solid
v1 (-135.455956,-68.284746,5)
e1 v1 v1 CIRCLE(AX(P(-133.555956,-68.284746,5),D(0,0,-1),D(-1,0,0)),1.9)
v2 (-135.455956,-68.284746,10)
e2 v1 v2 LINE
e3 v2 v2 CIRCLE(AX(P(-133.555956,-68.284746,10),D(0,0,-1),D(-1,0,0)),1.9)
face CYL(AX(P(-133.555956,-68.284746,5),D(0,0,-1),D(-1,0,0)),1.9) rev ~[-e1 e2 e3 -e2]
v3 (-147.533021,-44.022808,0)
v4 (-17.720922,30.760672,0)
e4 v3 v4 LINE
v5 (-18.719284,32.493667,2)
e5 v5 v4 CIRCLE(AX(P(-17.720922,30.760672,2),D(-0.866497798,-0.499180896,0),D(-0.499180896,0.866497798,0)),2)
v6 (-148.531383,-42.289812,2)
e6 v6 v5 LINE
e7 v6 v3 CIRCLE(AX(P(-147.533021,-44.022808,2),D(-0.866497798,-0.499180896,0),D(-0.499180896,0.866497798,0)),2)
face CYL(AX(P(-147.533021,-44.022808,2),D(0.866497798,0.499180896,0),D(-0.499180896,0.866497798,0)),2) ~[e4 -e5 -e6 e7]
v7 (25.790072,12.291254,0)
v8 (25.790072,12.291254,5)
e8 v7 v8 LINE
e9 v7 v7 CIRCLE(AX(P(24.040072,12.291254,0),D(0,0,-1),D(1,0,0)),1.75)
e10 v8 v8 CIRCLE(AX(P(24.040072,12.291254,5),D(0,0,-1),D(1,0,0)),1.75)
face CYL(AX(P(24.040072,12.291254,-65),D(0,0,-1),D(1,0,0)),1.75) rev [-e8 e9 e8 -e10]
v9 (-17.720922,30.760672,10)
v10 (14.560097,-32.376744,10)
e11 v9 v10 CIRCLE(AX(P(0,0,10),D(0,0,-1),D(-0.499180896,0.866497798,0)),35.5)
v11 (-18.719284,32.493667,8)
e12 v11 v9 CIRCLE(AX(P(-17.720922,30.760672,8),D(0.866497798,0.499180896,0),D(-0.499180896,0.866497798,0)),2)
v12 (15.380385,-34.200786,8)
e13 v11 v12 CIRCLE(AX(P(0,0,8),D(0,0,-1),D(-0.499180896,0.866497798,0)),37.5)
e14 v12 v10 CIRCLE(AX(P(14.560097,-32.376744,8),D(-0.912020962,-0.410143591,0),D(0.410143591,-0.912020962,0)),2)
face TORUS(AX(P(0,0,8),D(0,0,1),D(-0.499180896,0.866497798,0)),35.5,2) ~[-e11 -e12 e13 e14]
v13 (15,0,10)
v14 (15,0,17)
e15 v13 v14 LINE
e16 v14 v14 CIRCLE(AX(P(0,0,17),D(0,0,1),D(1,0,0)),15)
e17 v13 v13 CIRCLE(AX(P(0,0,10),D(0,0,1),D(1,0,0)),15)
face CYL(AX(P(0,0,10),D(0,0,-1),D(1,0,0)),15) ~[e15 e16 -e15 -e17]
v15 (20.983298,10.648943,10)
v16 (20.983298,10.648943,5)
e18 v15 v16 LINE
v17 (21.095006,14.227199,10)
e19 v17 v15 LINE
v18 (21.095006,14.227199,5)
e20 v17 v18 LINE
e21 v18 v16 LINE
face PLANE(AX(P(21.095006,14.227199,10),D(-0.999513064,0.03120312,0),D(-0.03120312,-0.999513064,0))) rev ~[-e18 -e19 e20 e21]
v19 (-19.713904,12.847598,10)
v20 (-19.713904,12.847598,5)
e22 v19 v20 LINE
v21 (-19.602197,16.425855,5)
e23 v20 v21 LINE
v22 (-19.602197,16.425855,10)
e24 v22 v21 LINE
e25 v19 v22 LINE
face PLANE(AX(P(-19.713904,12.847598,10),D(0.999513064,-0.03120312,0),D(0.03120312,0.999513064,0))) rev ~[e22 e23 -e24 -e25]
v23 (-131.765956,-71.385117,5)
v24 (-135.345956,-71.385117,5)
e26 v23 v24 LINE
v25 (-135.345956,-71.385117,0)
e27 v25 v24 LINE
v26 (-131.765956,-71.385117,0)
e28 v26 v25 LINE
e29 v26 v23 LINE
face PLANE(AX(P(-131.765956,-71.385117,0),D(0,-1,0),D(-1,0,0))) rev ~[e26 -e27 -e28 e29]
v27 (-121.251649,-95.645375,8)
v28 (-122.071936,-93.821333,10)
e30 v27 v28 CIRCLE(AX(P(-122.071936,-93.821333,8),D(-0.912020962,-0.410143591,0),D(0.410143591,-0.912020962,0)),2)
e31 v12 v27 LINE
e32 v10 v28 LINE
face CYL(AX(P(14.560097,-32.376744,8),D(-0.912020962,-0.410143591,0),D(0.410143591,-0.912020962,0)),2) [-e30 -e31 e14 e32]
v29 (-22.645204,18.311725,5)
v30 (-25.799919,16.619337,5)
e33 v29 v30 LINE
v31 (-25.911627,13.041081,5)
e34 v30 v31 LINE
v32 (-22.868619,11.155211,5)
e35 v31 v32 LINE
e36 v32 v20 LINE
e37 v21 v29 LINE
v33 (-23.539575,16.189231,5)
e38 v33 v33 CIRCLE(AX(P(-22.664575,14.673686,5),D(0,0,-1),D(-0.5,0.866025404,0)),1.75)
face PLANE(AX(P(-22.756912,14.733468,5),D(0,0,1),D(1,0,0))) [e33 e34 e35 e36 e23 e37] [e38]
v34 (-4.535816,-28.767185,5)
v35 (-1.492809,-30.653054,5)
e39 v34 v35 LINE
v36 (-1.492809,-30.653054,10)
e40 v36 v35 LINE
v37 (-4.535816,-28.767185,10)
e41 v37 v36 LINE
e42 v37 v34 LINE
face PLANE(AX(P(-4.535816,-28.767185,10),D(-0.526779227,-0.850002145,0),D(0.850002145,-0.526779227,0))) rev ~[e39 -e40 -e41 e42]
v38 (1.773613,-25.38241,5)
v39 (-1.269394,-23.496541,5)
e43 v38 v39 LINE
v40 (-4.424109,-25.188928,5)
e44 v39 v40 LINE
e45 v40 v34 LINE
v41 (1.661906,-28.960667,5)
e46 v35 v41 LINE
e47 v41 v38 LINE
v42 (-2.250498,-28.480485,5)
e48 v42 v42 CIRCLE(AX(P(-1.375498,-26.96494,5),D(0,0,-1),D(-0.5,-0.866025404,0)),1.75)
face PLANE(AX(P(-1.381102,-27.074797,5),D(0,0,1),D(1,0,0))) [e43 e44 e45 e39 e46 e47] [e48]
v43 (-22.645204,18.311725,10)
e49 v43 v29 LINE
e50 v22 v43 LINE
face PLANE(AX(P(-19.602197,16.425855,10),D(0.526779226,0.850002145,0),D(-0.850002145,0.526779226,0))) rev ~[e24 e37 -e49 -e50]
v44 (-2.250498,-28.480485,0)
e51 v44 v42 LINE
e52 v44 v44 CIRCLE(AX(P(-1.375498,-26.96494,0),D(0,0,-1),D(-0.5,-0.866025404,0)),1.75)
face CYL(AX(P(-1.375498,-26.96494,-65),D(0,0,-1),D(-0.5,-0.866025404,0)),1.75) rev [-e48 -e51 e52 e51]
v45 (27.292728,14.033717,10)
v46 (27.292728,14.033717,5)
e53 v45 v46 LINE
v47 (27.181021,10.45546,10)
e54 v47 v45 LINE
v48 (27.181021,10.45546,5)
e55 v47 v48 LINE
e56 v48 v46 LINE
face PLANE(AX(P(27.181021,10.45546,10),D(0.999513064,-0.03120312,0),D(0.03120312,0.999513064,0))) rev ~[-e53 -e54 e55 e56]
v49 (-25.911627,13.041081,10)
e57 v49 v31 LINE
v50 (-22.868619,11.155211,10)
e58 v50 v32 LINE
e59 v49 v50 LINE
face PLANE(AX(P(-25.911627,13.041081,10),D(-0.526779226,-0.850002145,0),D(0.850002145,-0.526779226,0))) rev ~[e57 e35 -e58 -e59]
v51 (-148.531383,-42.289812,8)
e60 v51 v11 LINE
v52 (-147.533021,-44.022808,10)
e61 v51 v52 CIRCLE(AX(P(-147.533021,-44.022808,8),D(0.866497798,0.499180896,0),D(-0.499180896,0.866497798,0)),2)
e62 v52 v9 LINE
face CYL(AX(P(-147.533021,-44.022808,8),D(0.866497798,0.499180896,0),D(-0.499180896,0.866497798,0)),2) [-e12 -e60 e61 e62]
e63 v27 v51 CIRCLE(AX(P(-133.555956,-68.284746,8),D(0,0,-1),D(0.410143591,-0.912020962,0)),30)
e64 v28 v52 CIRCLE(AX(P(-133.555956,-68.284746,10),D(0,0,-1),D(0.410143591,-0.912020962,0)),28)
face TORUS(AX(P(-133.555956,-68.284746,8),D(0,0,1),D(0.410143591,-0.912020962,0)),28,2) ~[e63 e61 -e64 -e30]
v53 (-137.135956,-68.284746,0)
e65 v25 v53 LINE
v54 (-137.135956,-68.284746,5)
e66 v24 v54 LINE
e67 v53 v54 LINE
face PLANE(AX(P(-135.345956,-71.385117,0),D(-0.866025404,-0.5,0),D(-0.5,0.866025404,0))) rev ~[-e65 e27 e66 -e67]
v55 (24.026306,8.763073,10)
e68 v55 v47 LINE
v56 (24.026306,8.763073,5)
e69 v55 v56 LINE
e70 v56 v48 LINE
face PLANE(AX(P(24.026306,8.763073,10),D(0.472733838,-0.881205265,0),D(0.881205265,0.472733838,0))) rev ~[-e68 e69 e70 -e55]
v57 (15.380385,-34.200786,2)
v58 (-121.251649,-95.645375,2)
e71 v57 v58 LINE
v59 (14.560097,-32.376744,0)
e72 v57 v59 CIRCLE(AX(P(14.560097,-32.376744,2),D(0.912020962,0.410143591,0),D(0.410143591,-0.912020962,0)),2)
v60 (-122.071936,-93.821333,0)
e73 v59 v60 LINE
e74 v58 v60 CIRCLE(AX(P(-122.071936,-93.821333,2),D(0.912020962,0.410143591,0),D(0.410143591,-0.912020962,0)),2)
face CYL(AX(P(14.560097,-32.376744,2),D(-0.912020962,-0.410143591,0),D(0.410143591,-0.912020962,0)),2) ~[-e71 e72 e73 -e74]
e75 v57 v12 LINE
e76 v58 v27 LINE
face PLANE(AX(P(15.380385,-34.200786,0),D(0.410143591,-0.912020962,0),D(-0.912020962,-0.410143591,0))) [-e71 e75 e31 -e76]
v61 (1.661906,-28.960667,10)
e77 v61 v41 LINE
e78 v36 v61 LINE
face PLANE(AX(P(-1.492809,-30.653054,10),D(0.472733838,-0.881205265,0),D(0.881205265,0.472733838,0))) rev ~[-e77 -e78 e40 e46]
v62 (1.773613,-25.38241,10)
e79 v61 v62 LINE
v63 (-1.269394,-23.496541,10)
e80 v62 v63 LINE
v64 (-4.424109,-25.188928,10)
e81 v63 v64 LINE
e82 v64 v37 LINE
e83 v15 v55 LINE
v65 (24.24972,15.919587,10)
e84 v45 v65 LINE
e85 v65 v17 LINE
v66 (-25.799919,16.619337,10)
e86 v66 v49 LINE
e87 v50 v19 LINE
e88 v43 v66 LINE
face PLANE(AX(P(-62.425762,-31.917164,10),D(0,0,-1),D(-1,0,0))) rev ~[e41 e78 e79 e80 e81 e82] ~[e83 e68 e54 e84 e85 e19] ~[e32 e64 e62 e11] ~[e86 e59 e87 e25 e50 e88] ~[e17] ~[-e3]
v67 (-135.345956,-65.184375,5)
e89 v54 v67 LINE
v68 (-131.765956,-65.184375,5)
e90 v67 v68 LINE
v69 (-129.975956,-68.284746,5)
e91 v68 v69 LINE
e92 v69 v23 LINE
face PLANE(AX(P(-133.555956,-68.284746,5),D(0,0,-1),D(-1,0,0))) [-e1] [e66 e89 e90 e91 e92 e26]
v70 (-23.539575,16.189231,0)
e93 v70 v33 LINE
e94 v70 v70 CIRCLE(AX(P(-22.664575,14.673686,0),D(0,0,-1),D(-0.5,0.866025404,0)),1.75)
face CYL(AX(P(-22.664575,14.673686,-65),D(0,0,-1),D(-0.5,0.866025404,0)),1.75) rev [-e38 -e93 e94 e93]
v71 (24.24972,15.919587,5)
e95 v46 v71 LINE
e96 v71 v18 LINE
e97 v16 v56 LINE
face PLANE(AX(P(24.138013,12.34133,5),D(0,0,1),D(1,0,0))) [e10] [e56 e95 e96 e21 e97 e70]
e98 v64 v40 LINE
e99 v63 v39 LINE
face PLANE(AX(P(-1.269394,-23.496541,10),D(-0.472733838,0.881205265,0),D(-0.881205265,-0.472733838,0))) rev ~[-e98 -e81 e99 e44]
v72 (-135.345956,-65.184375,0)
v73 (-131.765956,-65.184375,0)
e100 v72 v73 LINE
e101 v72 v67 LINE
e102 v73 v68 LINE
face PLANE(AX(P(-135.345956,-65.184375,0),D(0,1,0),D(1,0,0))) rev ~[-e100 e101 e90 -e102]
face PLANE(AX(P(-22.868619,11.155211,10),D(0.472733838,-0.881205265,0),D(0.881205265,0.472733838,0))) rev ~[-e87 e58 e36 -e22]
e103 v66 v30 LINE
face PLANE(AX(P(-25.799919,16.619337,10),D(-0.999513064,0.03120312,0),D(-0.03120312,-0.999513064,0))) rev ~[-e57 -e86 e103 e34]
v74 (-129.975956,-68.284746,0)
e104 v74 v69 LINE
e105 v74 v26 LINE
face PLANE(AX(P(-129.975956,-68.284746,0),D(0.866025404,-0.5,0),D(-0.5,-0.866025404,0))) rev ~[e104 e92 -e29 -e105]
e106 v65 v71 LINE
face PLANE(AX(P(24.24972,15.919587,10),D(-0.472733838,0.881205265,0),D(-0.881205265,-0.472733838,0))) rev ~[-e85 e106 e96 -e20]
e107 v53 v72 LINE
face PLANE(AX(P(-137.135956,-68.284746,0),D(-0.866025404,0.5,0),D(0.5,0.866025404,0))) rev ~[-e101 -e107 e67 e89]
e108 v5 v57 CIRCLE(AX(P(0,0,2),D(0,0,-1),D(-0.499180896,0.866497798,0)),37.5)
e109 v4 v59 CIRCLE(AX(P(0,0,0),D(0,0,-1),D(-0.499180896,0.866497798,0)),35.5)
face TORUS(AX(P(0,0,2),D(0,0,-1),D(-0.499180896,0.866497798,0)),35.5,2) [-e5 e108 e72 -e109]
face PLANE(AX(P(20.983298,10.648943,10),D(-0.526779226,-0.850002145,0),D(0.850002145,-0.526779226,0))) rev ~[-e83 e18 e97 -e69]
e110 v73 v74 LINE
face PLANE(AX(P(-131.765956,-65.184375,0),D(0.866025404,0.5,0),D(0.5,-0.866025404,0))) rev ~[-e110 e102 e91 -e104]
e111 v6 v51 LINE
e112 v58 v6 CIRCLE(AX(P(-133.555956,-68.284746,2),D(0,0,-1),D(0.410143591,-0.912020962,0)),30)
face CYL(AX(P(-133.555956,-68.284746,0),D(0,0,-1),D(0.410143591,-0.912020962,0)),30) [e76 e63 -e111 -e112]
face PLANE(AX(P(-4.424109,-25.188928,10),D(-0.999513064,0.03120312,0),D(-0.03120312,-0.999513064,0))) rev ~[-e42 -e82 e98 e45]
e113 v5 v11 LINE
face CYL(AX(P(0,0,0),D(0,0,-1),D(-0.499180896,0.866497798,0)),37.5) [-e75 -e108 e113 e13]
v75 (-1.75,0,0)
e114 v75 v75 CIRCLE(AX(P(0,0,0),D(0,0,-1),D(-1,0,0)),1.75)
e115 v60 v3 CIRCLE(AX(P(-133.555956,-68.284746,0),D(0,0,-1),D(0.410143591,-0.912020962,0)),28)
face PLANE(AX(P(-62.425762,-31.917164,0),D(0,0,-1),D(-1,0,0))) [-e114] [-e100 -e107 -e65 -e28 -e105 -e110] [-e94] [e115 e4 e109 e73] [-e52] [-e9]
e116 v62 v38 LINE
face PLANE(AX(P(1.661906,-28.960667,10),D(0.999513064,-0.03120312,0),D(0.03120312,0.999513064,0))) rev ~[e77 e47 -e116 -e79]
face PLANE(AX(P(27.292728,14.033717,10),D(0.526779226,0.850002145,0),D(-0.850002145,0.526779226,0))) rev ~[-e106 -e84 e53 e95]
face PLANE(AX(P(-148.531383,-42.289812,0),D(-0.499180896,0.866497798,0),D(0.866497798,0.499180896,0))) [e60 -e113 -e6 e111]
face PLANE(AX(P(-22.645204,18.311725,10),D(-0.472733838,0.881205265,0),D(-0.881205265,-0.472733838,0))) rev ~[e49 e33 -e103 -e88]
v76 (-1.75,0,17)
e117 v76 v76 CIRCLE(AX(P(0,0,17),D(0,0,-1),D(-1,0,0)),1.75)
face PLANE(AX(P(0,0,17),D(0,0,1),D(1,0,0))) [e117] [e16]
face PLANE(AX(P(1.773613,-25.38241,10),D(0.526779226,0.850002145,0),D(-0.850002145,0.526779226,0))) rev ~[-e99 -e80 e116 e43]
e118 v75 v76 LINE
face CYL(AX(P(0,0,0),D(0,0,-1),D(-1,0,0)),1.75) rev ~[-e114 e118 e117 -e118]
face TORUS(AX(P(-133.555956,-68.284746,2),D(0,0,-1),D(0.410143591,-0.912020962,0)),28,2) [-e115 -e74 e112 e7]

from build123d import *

# Parameters (mm, degrees)
BOSS_EXTRUDE1_DEPTH = 10
FILLET1_R           = 2
CUT_EXTRUDE8_DEPTH  = 5
CUT_EXTRUDE9_START  = -70
SKETCH10_R          = 1.75
CUT_EXTRUDE9_DEPTH  = 71
CIRPATTERN1_COUNT   = 3
SKETCH12_R          = 15
BOSS_EXTRUDE2_DEPTH = 7
CUT_EXTRUDE11_DEPTH = 5
SKETCH15_R          = 1.9
CUT_EXTRUDE12_DEPTH = 5
SKETCH16_R          = 1.75
CUT_EXTRUDE13_DEPTH = 18


with BuildPart() as part:
    # Sketch1 → Boss-Extrude1 (new body)
    with BuildSketch(Plane.XY):
        with BuildLine():
            Line((-148.531383238, -42.289811934), (-18.719283585, 32.493667415))
            ThreePointArc((-18.719283585, 32.493667415), (33.388989093, 17.071186467), (15.380384675, -34.200786062))
            Line((15.380384675, -34.200786062), (-121.25164863, -95.645374716))
            ThreePointArc((-121.25164863, -95.645374716), (-160.267147644, -81.941695039), (-148.531383238, -42.289811934))
        make_face()
    extrude(amount=BOSS_EXTRUDE1_DEPTH)

    # Fillet1
    fillet1_edges = [part.edges().sort_by_distance(p)[0] for p in [
        (33.388989093, 17.071186467, 10),
        (-83.625333411, -4.89807226, 10),
        (-160.267147644, -81.941695039, 10),
        (-83.625333411, -4.89807226, 0),
        (33.388989093, 17.071186467, 0),
        (-52.935631977, -64.923080389, 0),
        (-160.267147644, -81.941695039, 0),
        (-52.935631977, -64.923080389, 10),
    ]]
    fillet(fillet1_edges, radius=FILLET1_R)

    # Sketch3 → Cut-Extrude8 (cut)
    with BuildSketch(Plane.XY.offset(10)):
        Polygon((-4.424109202, -25.18892785), (-4.53581637, -28.767184619), (-1.492808691, -30.65305425), (1.661906157, -28.96066711), (1.773613325, -25.382410341), (-1.269394354, -23.496540711), align=None)
        Polygon((27.292728029, 14.033716876), (24.249720349, 15.919586506), (21.095005502, 14.227199366), (20.983298334, 10.648942597), (24.026306013, 8.763072967), (27.181020861, 10.455460106), align=None)
        Polygon((-19.602196811, 16.425854883), (-22.645204491, 18.311724513), (-25.799919338, 16.619337374), (-25.911626506, 13.041080604), (-22.868618827, 11.155210974), (-19.713903979, 12.847598114), align=None)
    extrude(amount=-CUT_EXTRUDE8_DEPTH, mode=Mode.SUBTRACT)

    # Sketch10 → Cut-Extrude9 (cut)
    with BuildSketch(Plane.XY.offset(5).offset(CUT_EXTRUDE9_START)):
        with Locations((24.040072147, 12.291254256)):
            Circle(SKETCH10_R)
    cut_extrude9 = extrude(amount=CUT_EXTRUDE9_DEPTH, mode=Mode.SUBTRACT)

    # CirPattern1: Cut-Extrude9 ×3 about axis
    cirpattern1_axis = Axis((0, 0, 0), (0, 0, 1))
    for i in range(1, CIRPATTERN1_COUNT):
        add(cut_extrude9.rotate(cirpattern1_axis, i * 360 / CIRPATTERN1_COUNT), mode=Mode.SUBTRACT)

    # Sketch12 → Boss-Extrude2 (add)
    with BuildSketch(Plane.XY.offset(10)):
        Circle(SKETCH12_R)
    extrude(amount=BOSS_EXTRUDE2_DEPTH)

    # Sketch14 → Cut-Extrude11 (cut)
    with BuildSketch(Plane(origin=(0, 0, 0), x_dir=(-1, 0, 0), z_dir=(0, 0, -1))):
        Polygon((137.13595637, -68.284745866), (135.34595637, -65.184374921), (131.76595637, -65.184374921), (129.97595637, -68.284745866), (131.76595637, -71.385116812), (135.34595637, -71.385116812), align=None)
    extrude(amount=-CUT_EXTRUDE11_DEPTH, mode=Mode.SUBTRACT)

    # Sketch15 → Cut-Extrude12 (cut)
    with BuildSketch(Plane(origin=(0, 0, 5), x_dir=(-1, 0, 0), z_dir=(0, 0, -1))):
        with Locations((133.55595637, -68.284745866)):
            Circle(SKETCH15_R)
    extrude(amount=-CUT_EXTRUDE12_DEPTH, mode=Mode.SUBTRACT)

    # Sketch16 → Cut-Extrude13 (cut)
    with BuildSketch(Plane(origin=(0, 0, 0), x_dir=(-1, 0, 0), z_dir=(0, 0, -1))):
        Circle(SKETCH16_R)
    extrude(amount=-CUT_EXTRUDE13_DEPTH, mode=Mode.SUBTRACT)


solid = part.part
